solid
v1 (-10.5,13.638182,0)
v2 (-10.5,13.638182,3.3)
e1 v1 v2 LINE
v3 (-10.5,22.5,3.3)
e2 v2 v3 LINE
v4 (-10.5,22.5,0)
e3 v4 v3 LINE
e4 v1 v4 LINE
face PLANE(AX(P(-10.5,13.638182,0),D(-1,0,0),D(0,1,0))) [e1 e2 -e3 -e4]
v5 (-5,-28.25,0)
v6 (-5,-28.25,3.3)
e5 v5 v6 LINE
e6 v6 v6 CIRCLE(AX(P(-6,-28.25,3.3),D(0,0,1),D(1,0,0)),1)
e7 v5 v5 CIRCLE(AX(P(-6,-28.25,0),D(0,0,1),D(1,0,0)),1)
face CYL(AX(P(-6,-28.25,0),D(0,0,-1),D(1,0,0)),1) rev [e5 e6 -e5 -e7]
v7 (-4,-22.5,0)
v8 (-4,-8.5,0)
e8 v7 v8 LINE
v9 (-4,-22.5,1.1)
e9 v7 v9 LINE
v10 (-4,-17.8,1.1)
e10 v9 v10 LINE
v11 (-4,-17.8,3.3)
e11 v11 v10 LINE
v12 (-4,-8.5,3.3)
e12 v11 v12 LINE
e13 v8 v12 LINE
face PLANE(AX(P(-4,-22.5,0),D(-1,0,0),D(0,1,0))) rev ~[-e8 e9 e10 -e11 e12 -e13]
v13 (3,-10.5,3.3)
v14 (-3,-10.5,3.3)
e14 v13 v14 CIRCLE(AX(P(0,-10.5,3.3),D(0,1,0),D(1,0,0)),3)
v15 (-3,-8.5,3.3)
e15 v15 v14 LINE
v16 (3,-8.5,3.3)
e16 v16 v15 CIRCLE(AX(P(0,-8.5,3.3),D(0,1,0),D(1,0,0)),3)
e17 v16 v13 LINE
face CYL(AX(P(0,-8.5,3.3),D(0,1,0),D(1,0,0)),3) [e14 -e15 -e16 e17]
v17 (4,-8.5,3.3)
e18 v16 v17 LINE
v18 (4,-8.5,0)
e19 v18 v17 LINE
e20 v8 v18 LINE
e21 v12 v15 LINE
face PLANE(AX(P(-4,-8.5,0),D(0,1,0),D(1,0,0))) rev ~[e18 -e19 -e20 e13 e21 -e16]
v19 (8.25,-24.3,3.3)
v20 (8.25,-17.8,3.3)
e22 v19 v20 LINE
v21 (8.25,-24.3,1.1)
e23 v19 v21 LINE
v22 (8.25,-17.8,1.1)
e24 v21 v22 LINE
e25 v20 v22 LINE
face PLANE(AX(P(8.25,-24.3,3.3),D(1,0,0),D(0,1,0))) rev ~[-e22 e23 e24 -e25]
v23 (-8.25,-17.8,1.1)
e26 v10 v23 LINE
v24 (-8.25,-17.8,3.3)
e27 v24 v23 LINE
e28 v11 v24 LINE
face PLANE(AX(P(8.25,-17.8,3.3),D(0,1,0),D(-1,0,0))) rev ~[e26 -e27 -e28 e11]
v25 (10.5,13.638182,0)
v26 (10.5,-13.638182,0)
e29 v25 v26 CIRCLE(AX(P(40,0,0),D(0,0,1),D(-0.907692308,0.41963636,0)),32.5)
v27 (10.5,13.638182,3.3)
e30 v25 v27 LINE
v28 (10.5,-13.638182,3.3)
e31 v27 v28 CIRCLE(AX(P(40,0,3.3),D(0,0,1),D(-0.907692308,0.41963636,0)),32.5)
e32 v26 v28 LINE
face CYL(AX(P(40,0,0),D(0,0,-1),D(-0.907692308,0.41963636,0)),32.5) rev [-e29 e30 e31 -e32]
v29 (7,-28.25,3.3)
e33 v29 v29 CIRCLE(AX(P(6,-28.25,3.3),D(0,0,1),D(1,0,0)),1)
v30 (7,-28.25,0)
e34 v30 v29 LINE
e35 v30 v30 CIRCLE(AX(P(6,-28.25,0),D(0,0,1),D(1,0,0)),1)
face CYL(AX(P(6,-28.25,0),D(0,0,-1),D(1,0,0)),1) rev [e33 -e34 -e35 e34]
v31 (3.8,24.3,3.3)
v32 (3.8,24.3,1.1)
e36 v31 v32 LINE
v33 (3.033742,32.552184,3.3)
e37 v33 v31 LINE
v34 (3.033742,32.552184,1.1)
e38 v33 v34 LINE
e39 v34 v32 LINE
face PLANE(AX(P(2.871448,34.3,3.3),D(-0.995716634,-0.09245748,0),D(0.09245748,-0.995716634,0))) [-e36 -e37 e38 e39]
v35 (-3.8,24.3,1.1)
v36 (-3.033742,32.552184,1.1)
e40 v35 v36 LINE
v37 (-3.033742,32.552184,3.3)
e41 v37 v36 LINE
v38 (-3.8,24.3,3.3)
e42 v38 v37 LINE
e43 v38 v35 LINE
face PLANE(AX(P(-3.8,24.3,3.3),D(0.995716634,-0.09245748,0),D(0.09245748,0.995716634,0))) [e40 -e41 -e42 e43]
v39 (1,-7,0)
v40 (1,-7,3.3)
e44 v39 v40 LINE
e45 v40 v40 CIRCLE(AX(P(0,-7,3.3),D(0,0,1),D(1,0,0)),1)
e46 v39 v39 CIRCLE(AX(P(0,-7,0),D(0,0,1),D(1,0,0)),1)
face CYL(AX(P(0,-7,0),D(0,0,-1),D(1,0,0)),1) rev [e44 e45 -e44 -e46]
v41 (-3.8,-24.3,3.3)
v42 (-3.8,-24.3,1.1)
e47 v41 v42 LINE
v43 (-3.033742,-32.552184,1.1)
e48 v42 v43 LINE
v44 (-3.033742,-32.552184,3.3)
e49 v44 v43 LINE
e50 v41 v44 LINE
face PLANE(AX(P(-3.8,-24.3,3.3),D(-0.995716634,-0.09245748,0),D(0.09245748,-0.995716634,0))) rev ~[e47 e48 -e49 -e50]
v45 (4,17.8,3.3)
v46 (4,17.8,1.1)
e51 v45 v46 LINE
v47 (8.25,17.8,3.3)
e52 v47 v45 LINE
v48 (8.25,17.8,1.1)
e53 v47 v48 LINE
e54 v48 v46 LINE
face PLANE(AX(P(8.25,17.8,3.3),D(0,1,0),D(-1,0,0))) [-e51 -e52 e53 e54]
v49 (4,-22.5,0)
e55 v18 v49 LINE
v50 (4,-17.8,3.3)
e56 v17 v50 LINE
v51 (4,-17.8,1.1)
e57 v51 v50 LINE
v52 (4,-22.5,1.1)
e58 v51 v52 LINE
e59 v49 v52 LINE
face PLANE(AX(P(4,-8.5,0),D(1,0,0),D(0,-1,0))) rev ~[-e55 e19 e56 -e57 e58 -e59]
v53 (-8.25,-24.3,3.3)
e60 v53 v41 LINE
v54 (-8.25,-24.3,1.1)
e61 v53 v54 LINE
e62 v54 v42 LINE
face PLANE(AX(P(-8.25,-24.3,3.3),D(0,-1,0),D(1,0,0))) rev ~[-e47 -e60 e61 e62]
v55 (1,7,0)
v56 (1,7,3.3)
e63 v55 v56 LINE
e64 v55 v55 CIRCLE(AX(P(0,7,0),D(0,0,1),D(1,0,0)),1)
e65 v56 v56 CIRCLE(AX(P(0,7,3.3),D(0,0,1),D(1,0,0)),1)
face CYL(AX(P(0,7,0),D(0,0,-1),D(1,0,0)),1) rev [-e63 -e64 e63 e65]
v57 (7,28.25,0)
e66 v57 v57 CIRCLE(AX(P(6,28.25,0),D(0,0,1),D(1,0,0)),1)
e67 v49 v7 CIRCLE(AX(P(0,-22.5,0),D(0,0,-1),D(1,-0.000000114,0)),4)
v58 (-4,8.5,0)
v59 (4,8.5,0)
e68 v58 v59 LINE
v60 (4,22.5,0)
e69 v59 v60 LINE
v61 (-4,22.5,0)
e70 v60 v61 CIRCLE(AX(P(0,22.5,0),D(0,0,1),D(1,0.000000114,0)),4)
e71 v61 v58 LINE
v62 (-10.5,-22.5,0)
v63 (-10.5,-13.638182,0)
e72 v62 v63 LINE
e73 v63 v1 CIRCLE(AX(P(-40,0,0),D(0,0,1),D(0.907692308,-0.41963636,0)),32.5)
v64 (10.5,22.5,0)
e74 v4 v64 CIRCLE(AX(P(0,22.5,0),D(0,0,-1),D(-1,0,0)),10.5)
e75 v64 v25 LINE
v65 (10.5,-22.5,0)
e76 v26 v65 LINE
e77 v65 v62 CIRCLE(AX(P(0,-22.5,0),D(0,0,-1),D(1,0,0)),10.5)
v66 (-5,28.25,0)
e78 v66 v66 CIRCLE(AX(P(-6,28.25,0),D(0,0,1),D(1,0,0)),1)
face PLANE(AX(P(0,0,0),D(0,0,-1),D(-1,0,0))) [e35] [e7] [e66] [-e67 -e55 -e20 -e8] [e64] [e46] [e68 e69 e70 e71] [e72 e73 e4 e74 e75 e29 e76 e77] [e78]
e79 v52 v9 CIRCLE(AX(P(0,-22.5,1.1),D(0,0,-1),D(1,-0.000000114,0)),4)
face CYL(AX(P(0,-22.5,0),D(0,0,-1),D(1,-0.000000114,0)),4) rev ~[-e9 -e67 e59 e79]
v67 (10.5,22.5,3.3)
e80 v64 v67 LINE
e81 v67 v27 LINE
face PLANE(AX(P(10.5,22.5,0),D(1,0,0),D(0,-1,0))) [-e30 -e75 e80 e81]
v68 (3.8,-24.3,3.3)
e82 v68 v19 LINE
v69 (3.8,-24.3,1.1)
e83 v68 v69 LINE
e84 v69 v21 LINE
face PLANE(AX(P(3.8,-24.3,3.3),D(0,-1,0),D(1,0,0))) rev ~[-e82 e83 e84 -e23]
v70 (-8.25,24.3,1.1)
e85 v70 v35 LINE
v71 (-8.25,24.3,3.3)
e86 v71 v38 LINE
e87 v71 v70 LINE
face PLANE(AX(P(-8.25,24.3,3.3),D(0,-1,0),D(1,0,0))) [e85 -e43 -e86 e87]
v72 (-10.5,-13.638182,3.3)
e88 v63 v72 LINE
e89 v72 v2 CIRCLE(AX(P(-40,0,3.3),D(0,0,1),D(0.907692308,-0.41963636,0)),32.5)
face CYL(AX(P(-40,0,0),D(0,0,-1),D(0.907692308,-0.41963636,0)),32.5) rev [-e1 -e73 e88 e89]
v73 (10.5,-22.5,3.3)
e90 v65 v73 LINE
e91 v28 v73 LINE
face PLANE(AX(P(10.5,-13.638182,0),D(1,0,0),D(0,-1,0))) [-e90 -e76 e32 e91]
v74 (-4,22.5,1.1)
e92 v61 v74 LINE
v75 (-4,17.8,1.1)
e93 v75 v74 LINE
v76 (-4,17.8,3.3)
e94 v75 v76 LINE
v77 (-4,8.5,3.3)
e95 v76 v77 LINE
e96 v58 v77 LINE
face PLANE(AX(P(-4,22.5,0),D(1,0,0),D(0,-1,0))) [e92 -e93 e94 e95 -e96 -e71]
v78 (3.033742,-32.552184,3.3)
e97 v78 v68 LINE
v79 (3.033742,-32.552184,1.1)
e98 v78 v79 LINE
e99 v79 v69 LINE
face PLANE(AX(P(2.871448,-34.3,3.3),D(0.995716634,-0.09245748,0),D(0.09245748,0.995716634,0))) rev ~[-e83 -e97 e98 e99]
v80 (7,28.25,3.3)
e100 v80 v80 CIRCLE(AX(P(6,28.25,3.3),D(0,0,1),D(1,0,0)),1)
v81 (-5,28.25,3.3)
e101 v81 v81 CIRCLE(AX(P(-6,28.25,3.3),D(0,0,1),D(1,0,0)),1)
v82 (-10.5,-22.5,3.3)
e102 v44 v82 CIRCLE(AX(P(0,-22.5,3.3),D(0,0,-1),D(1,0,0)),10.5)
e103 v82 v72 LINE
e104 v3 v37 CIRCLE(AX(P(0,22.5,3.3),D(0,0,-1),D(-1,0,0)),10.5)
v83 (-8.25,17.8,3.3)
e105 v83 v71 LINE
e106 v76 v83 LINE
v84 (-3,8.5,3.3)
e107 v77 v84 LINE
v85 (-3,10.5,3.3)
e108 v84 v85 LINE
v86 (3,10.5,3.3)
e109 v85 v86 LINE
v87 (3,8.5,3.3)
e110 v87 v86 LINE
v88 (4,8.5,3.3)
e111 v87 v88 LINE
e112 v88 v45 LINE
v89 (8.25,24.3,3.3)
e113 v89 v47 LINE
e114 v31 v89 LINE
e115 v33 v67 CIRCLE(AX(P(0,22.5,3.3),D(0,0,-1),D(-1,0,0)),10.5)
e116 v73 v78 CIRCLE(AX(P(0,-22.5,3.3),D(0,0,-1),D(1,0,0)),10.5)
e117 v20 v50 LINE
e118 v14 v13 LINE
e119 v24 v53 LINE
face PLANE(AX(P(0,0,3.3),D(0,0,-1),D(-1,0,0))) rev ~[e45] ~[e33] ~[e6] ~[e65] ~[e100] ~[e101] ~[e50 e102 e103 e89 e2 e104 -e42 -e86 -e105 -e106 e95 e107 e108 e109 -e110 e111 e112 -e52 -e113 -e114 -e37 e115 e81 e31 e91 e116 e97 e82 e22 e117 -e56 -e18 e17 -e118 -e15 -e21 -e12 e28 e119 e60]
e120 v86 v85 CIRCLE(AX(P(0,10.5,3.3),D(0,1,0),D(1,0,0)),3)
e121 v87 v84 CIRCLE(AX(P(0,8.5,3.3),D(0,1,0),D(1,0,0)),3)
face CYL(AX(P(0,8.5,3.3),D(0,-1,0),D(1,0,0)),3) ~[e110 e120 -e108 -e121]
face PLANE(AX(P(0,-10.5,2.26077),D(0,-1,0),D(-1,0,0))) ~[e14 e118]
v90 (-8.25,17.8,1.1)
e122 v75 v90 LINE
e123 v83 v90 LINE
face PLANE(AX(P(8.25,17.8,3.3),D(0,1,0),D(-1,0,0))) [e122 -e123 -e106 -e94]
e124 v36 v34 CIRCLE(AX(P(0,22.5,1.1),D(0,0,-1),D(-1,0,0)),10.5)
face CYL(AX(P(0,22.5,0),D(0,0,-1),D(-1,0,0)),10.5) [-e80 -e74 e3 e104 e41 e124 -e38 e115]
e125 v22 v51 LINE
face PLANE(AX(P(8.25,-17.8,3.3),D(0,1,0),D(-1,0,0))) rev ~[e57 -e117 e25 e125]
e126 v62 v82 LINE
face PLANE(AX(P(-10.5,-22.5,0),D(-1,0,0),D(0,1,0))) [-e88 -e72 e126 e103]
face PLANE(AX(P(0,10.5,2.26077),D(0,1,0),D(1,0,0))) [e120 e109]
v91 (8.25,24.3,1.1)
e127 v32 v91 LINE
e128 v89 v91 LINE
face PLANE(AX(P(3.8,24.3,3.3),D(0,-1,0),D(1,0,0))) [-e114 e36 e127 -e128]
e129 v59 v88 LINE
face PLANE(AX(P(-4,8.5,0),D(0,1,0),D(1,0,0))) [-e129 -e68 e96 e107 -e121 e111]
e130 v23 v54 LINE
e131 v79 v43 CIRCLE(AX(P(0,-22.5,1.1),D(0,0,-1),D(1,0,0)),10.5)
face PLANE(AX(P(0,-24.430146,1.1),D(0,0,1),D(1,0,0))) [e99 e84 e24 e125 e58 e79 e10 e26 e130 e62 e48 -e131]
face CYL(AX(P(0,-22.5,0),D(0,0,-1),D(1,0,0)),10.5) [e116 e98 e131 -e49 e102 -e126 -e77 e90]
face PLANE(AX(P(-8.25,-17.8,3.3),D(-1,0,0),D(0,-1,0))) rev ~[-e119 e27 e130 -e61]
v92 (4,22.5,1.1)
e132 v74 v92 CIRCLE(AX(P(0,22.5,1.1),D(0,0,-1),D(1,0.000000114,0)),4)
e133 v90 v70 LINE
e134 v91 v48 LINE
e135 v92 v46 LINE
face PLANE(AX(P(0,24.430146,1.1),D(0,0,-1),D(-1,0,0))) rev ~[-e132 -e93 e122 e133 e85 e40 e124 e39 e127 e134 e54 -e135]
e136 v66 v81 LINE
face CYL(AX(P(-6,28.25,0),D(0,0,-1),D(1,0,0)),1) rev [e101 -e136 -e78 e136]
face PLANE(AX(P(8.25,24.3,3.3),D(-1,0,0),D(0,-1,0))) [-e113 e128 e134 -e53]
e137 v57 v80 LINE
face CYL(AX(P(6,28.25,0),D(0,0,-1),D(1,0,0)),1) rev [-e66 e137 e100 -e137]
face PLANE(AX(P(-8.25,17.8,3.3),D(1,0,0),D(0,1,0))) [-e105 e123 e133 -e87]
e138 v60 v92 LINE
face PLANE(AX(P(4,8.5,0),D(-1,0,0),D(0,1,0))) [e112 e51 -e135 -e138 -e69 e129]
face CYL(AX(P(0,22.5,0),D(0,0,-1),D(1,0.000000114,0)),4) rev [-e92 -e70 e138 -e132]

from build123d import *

# Parameters (mm, degrees)
SKETCH_1_R          = 1
EXTRUDE_1_DEPTH     = 3.3
CUT_EXTRUDE_1_DEPTH = 2.2
EXTRUDE_2_DEPTH     = 2


with BuildPart() as part:
    # 草图1 → 凸台-拉伸1 (new body)
    with BuildSketch(Plane.XY):
        with BuildLine():
            Line((10.5, -13.638181697), (10.5, -22.5))
            ThreePointArc((10.5, -22.5), (0, -33), (-10.5, -22.5))
            Line((-10.5, -22.5), (-10.5, -13.638181697))
            ThreePointArc((-10.5, -13.638181697), (-7.5, 0), (-10.5, 13.638181697))
            Line((-10.5, 13.638181697), (-10.5, 22.5))
            ThreePointArc((-10.5, 22.5), (0, 33), (10.5, 22.5))
            Line((10.5, 22.5), (10.5, 13.638181697))
            ThreePointArc((10.5, 13.638181697), (7.5, 0), (10.5, -13.638181697))
        make_face()
        with Locations((0, 7)):
            Circle(SKETCH_1_R, mode=Mode.SUBTRACT)
        with Locations((0, -7)):
            Circle(SKETCH_1_R, mode=Mode.SUBTRACT)
        with Locations((-6, 28.25)):
            Circle(SKETCH_1_R, mode=Mode.SUBTRACT)
        with Locations((6, 28.25)):
            Circle(SKETCH_1_R, mode=Mode.SUBTRACT)
        with Locations((6, -28.25)):
            Circle(SKETCH_1_R, mode=Mode.SUBTRACT)
        with Locations((-6, -28.25)):
            Circle(SKETCH_1_R, mode=Mode.SUBTRACT)
        with BuildLine():
            Line((-4, -22.499999544), (-4, -8.5))
            Line((-4, -8.5), (4, -8.5))
            Line((4, -8.5), (4, -22.500000456))
            ThreePointArc((4, -22.500000456), (-4.56e-07, -26.5), (-4, -22.499999544))
        make_face(mode=Mode.SUBTRACT)
        with BuildLine():
            Line((-4, 22.499999544), (-4, 8.5))
            Line((-4, 8.5), (4, 8.5))
            Line((4, 8.5), (4, 22.500000456))
            ThreePointArc((4, 22.500000456), (-4.56e-07, 26.5), (-4, 22.499999544))
        make_face(mode=Mode.SUBTRACT)
    extrude(amount=EXTRUDE_1_DEPTH)

    # 草图2 → 切除-拉伸1 (cut)
    with BuildSketch(Plane.XY.offset(3.3)):
        Polygon((-3.8, 24.3), (-2.871447866, 34.3), (2.871447866, 34.3), (3.8, 24.3), (8.25, 24.3), (8.25, 17.8), (-8.25, 17.8), (-8.25, 24.3), align=None)
        Polygon((3.8, -24.3), (8.25, -24.3), (8.25, -17.8), (-8.25, -17.8), (-8.25, -24.3), (-3.8, -24.3), (-2.871447866, -34.3), (2.871447866, -34.3), align=None)
    extrude(amount=-CUT_EXTRUDE_1_DEPTH, mode=Mode.SUBTRACT)

    # 草图3 → 凸台-拉伸2 (add)
    with BuildSketch(Plane(origin=(0, 8.5, 0), x_dir=(1, 0, 0), z_dir=(0, 1, 0))):
        with BuildLine():
            Line((-3, -3.3), (3, -3.3))
            ThreePointArc((3, -3.3), (0, -0.3), (-3, -3.3))
        make_face()
    extrude_2 = extrude(amount=EXTRUDE_2_DEPTH)

    # 镜向1: 凸台-拉伸2 across plane
    add(extrude_2.mirror(Plane.ZX))


solid = part.part
